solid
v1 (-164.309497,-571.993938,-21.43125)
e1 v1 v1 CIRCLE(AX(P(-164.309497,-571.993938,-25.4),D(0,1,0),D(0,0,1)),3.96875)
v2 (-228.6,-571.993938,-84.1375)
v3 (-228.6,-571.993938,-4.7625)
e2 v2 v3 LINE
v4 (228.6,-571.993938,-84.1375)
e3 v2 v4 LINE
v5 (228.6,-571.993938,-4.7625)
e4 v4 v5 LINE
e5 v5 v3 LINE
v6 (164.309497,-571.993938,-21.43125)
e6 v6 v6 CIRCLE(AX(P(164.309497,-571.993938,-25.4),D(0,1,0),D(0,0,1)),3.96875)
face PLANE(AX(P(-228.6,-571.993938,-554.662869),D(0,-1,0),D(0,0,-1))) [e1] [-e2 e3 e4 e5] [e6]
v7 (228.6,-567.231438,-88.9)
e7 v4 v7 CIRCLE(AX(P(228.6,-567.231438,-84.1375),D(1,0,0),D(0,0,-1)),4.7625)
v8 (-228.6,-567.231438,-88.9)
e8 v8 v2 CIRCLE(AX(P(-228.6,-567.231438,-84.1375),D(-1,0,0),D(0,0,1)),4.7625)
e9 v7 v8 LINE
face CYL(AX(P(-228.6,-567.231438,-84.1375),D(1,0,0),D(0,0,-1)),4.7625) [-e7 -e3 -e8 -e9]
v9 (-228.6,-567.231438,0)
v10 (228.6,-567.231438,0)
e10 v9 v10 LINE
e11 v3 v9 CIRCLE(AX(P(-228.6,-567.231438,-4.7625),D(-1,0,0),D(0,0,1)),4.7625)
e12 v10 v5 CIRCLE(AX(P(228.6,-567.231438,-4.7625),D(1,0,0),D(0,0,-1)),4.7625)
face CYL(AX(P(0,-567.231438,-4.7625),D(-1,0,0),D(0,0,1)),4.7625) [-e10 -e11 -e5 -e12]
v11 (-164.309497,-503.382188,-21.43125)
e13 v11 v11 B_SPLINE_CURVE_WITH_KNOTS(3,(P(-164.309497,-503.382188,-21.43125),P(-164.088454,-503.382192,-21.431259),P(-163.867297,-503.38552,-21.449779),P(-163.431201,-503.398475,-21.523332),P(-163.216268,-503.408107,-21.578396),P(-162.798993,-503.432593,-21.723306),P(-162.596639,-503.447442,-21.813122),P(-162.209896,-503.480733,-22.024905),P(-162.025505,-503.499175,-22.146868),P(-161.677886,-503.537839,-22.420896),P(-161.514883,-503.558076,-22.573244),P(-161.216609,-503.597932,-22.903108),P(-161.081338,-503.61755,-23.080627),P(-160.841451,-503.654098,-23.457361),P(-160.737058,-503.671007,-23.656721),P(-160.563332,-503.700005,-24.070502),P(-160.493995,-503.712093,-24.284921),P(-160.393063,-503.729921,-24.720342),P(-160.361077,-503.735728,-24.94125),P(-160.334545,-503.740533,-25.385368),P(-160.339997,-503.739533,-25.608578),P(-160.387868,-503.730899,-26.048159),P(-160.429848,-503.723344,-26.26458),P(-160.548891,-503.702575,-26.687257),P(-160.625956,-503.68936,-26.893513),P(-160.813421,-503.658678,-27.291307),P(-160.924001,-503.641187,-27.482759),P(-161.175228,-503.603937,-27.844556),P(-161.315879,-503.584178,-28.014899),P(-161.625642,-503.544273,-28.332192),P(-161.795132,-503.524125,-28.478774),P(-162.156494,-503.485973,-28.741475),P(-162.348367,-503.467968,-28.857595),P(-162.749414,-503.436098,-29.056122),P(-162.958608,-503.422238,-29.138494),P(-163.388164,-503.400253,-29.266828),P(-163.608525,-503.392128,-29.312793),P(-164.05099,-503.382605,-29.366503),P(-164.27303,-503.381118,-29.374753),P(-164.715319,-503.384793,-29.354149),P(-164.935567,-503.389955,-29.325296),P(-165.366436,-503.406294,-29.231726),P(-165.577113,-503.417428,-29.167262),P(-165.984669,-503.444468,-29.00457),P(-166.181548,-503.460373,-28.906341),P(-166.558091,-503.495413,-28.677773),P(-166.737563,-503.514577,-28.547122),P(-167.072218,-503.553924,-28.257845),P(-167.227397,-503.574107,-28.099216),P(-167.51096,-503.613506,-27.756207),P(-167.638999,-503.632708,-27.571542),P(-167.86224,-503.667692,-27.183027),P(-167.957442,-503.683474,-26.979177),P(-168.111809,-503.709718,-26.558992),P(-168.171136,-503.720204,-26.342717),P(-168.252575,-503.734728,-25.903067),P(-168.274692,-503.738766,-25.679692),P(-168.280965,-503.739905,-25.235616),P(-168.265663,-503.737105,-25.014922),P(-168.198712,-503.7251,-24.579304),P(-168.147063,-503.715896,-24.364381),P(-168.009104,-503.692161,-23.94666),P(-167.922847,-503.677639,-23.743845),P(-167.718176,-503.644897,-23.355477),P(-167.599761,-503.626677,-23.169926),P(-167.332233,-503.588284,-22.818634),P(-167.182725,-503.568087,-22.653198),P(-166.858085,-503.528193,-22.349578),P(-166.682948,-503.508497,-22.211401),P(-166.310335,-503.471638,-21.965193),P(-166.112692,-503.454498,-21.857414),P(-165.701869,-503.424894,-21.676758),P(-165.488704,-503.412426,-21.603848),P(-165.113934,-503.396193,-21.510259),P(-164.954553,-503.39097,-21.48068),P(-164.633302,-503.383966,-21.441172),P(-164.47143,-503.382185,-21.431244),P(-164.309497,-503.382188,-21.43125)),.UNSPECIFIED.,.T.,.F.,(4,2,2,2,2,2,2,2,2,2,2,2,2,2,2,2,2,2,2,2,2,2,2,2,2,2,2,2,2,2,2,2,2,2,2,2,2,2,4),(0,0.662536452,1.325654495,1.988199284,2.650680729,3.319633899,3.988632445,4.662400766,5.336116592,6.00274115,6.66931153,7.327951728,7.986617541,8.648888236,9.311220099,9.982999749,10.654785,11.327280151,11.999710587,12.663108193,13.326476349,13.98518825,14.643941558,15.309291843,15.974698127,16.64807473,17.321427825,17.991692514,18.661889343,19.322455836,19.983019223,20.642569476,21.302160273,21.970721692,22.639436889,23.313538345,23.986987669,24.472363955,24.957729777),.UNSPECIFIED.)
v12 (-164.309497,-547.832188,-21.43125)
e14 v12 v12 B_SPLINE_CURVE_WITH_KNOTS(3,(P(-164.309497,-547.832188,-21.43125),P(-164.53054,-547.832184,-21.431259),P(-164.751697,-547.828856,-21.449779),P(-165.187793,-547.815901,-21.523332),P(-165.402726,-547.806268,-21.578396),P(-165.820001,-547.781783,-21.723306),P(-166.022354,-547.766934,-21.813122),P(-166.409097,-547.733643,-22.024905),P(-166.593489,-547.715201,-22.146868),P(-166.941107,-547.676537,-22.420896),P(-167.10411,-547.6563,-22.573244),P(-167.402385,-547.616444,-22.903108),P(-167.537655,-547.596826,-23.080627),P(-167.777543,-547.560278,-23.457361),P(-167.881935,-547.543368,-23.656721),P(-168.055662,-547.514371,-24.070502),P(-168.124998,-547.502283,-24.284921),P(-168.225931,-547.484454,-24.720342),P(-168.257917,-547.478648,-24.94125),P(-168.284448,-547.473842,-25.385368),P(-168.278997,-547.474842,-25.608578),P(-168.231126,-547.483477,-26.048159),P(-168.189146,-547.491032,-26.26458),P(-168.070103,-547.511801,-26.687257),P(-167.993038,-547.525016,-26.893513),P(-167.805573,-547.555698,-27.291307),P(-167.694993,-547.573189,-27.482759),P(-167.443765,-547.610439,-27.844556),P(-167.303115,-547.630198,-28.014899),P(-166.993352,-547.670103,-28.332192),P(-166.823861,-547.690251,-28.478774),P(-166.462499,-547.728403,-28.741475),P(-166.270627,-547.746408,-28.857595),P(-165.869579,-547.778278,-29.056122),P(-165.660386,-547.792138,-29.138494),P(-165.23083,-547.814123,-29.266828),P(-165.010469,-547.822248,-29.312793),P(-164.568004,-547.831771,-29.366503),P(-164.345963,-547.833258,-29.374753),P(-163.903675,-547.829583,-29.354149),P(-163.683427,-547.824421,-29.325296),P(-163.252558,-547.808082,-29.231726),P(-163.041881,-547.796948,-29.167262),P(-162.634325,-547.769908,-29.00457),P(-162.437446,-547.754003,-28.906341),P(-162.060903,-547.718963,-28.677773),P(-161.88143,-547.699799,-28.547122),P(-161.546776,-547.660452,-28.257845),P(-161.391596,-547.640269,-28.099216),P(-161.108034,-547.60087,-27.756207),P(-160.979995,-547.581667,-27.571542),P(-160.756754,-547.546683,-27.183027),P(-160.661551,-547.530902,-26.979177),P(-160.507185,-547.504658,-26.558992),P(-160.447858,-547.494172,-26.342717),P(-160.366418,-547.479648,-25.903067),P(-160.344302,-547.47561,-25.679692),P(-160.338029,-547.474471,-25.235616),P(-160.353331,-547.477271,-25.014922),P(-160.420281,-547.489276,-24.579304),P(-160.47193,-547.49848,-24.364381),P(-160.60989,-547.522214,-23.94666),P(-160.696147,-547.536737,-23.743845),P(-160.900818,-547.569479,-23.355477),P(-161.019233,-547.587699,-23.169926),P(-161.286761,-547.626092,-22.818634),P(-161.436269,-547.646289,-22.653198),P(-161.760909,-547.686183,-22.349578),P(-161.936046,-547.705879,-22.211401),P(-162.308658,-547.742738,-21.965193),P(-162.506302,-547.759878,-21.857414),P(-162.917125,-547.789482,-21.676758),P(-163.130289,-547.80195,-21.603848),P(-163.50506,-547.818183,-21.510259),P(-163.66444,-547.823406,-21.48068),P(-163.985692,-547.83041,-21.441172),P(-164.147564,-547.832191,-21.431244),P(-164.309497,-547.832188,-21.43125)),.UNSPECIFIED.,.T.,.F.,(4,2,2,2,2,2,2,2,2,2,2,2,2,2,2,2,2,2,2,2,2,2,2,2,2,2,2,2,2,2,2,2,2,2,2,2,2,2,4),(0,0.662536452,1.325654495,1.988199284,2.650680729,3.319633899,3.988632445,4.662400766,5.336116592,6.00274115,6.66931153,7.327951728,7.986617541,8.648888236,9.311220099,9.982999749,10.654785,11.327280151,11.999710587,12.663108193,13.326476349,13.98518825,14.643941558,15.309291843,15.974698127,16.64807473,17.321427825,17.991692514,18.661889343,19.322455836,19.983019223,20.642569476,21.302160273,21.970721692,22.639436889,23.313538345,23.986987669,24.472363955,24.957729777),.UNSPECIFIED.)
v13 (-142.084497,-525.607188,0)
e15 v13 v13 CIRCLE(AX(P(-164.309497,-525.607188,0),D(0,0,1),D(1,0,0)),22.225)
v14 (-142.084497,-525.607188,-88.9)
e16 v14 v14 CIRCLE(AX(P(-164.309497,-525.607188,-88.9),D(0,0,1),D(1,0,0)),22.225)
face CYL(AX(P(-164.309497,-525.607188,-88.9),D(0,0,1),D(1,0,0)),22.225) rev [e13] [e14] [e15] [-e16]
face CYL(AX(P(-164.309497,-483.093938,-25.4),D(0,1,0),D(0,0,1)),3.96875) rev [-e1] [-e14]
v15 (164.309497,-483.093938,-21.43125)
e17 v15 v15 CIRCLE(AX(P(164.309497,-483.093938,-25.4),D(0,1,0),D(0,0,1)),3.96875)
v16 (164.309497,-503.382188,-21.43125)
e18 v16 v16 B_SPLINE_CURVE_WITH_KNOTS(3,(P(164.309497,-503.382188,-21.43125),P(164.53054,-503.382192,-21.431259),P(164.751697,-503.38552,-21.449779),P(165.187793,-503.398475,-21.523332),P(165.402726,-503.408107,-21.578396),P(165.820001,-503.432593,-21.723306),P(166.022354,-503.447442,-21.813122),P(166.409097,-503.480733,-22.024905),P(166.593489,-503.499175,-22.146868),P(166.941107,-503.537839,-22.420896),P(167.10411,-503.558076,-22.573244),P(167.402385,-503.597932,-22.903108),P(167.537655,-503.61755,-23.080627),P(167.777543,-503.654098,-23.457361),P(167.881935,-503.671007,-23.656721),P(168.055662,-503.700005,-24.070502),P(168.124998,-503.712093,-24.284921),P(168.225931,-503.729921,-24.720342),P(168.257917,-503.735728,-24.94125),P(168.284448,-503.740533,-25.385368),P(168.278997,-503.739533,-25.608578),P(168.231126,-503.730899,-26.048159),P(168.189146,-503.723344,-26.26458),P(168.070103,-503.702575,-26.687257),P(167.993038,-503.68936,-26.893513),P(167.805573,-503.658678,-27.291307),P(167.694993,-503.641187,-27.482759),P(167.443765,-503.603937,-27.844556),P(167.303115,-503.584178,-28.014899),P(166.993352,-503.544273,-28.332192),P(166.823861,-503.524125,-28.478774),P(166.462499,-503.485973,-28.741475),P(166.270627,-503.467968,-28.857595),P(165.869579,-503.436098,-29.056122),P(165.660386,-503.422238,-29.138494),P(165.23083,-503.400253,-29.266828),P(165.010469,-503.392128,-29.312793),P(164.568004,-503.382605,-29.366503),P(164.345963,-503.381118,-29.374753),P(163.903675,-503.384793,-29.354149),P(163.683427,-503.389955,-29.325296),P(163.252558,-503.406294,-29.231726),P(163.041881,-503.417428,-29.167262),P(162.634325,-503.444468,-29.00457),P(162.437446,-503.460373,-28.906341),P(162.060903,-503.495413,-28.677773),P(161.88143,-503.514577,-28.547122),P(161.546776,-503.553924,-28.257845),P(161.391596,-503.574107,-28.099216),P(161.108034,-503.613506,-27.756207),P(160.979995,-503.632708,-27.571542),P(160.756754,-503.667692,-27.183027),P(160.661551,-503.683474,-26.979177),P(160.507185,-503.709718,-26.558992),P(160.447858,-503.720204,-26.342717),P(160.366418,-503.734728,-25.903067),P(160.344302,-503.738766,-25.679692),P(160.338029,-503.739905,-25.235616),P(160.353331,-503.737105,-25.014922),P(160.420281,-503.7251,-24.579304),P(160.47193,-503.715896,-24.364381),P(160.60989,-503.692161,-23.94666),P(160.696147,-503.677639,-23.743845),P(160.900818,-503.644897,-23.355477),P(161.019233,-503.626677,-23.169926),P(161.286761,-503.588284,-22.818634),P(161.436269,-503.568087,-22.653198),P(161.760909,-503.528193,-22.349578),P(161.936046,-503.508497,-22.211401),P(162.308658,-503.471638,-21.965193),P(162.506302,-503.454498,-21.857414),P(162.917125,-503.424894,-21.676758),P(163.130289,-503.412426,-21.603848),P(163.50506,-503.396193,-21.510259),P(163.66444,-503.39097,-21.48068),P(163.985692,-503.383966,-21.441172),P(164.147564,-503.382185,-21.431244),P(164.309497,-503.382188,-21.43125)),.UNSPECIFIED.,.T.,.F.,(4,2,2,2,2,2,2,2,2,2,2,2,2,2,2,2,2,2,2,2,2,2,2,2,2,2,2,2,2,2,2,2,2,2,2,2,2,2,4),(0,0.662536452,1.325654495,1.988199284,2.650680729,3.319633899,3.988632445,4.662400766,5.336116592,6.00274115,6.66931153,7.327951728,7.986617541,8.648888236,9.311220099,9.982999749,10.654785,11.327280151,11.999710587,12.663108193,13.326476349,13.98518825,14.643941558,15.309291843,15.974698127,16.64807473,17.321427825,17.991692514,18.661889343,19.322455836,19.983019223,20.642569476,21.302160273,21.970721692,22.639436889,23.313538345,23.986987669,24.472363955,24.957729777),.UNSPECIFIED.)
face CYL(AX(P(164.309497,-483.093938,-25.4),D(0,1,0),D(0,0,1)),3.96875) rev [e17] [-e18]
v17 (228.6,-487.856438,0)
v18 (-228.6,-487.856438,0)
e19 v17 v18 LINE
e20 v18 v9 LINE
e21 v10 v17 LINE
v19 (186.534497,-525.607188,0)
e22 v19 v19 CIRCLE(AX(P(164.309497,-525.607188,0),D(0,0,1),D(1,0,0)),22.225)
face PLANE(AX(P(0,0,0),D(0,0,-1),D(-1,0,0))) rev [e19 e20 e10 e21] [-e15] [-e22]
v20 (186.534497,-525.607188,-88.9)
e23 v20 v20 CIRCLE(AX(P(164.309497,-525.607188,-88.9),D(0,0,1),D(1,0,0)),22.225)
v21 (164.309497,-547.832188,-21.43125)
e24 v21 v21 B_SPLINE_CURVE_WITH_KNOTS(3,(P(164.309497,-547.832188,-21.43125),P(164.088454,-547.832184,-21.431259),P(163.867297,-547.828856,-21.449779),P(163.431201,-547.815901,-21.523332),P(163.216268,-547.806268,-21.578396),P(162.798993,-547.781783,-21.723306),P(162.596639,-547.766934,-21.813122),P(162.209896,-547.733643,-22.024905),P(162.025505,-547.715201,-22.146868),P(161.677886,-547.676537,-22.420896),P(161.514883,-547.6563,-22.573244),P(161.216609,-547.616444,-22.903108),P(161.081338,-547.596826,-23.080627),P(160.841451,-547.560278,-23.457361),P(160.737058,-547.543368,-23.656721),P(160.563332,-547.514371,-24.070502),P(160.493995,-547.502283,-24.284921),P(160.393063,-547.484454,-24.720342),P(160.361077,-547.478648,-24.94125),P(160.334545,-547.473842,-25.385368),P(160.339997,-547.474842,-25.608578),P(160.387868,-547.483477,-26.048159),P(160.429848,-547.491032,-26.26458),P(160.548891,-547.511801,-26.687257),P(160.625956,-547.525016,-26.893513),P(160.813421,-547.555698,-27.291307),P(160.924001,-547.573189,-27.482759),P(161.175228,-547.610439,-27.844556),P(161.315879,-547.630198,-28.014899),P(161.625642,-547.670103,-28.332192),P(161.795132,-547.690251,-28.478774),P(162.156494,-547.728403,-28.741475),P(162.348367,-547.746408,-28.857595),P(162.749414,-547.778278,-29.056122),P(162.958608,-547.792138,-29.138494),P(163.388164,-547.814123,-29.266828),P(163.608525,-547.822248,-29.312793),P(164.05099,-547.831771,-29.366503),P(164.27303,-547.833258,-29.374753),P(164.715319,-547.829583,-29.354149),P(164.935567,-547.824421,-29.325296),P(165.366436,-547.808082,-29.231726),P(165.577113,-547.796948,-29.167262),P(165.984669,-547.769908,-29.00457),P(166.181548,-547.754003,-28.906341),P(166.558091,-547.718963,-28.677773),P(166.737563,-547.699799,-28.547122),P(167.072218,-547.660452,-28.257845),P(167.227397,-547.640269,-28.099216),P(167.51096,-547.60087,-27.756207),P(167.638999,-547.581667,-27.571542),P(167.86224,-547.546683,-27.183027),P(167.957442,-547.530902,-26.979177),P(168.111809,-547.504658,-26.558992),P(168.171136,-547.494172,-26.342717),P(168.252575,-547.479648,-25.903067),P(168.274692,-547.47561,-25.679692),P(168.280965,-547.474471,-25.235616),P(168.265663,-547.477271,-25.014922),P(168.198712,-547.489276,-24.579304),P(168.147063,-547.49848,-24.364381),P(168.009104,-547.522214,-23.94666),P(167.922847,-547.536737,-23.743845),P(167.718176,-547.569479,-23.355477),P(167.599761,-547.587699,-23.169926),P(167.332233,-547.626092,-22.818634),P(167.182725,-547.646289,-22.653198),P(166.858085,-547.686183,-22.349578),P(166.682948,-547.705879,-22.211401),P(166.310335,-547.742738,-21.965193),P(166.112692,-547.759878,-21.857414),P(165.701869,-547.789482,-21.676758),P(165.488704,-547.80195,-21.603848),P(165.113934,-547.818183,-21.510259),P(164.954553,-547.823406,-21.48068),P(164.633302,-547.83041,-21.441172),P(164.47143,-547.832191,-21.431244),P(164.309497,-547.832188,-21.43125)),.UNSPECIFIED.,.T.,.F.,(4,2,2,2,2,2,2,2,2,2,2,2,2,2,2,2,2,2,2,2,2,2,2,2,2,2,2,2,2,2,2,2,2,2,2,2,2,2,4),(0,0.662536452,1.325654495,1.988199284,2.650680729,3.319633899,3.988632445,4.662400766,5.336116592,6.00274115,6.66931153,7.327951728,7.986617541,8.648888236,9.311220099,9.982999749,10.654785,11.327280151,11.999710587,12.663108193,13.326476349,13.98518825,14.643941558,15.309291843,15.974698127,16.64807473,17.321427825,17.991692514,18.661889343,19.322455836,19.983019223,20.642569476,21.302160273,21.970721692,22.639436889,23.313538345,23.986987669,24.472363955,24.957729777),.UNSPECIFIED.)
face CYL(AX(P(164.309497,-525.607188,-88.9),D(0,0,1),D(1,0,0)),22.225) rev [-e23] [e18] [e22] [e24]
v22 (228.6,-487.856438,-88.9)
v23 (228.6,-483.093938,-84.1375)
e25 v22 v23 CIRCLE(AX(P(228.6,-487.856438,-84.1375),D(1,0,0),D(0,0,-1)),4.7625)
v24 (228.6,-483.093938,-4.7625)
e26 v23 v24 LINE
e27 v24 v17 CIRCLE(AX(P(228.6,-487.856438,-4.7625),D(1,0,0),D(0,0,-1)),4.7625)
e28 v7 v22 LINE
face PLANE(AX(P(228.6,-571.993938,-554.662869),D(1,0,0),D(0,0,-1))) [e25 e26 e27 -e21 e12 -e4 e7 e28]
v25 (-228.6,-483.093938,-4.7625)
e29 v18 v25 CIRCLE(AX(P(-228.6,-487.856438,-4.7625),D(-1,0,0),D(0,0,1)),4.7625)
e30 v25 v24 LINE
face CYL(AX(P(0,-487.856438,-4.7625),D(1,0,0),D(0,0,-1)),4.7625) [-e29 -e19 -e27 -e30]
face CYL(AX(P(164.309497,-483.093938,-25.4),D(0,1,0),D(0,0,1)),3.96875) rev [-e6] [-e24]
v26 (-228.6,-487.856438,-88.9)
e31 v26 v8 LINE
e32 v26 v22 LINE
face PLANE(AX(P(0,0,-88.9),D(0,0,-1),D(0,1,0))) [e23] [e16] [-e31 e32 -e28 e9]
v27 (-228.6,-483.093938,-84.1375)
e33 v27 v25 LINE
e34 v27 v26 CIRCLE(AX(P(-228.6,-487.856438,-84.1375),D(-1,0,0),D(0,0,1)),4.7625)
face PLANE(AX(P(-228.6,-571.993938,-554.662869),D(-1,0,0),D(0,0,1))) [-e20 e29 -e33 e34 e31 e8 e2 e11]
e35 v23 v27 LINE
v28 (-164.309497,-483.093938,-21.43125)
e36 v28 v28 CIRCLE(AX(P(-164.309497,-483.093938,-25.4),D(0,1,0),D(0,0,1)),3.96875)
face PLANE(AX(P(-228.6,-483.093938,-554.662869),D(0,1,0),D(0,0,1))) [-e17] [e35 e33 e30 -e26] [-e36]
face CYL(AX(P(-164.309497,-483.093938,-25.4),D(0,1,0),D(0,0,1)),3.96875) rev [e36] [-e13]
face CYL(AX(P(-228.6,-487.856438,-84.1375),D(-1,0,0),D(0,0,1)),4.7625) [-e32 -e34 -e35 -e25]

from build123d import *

# Parameters (mm, degrees)
SKETCH1_W                      = 457.2
SKETCH1_H                      = 88.9
BOSS_EXTRUDE1_DEPTH            = 88.9
SKETCH2_R                      = 22.225
CUT_EXTRUDE1_DEPTH             = 89.9
F_5_16_0_3125_DIAMETER_HOLE1_D = 7.9375
FILLET1_R                      = 4.7625


with BuildPart() as part:
    # Sketch1 → Boss-Extrude1 (new body)
    with BuildSketch(Plane.XY):
        with Locations((0, -527.543937925)):
            Rectangle(SKETCH1_W, SKETCH1_H)
    extrude(amount=-BOSS_EXTRUDE1_DEPTH)

    # Sketch2 → Cut-Extrude1 (cut, through all)
    with BuildSketch(Plane.XY):
        with Locations((164.309496882, -525.607187925)):
            Circle(SKETCH2_R)
        with Locations((-164.309496882, -525.607187925)):
            Circle(SKETCH2_R)
    extrude(amount=-CUT_EXTRUDE1_DEPTH, mode=Mode.SUBTRACT)

    # 5/16 (0.3125) Diameter Hole1 (through all)
    with Locations(Plane(origin=(0, -483.093937925, 0), x_dir=(1, 0, 0), z_dir=(0, 1, 0))):
        with Locations((-164.309496882, 25.4), (164.309496882, 25.4)):
            Hole(F_5_16_0_3125_DIAMETER_HOLE1_D / 2)

    # Fillet1
    fillet1_edges = [part.edges().sort_by_distance(p)[0] for p in [
        (0, -483.093937925, 0),
        (0, -571.993937925, -88.9),
        (0, -483.093937925, -88.9),
        (0, -571.993937925, 0),
    ]]
    fillet(fillet1_edges, radius=FILLET1_R)


solid = part.part
